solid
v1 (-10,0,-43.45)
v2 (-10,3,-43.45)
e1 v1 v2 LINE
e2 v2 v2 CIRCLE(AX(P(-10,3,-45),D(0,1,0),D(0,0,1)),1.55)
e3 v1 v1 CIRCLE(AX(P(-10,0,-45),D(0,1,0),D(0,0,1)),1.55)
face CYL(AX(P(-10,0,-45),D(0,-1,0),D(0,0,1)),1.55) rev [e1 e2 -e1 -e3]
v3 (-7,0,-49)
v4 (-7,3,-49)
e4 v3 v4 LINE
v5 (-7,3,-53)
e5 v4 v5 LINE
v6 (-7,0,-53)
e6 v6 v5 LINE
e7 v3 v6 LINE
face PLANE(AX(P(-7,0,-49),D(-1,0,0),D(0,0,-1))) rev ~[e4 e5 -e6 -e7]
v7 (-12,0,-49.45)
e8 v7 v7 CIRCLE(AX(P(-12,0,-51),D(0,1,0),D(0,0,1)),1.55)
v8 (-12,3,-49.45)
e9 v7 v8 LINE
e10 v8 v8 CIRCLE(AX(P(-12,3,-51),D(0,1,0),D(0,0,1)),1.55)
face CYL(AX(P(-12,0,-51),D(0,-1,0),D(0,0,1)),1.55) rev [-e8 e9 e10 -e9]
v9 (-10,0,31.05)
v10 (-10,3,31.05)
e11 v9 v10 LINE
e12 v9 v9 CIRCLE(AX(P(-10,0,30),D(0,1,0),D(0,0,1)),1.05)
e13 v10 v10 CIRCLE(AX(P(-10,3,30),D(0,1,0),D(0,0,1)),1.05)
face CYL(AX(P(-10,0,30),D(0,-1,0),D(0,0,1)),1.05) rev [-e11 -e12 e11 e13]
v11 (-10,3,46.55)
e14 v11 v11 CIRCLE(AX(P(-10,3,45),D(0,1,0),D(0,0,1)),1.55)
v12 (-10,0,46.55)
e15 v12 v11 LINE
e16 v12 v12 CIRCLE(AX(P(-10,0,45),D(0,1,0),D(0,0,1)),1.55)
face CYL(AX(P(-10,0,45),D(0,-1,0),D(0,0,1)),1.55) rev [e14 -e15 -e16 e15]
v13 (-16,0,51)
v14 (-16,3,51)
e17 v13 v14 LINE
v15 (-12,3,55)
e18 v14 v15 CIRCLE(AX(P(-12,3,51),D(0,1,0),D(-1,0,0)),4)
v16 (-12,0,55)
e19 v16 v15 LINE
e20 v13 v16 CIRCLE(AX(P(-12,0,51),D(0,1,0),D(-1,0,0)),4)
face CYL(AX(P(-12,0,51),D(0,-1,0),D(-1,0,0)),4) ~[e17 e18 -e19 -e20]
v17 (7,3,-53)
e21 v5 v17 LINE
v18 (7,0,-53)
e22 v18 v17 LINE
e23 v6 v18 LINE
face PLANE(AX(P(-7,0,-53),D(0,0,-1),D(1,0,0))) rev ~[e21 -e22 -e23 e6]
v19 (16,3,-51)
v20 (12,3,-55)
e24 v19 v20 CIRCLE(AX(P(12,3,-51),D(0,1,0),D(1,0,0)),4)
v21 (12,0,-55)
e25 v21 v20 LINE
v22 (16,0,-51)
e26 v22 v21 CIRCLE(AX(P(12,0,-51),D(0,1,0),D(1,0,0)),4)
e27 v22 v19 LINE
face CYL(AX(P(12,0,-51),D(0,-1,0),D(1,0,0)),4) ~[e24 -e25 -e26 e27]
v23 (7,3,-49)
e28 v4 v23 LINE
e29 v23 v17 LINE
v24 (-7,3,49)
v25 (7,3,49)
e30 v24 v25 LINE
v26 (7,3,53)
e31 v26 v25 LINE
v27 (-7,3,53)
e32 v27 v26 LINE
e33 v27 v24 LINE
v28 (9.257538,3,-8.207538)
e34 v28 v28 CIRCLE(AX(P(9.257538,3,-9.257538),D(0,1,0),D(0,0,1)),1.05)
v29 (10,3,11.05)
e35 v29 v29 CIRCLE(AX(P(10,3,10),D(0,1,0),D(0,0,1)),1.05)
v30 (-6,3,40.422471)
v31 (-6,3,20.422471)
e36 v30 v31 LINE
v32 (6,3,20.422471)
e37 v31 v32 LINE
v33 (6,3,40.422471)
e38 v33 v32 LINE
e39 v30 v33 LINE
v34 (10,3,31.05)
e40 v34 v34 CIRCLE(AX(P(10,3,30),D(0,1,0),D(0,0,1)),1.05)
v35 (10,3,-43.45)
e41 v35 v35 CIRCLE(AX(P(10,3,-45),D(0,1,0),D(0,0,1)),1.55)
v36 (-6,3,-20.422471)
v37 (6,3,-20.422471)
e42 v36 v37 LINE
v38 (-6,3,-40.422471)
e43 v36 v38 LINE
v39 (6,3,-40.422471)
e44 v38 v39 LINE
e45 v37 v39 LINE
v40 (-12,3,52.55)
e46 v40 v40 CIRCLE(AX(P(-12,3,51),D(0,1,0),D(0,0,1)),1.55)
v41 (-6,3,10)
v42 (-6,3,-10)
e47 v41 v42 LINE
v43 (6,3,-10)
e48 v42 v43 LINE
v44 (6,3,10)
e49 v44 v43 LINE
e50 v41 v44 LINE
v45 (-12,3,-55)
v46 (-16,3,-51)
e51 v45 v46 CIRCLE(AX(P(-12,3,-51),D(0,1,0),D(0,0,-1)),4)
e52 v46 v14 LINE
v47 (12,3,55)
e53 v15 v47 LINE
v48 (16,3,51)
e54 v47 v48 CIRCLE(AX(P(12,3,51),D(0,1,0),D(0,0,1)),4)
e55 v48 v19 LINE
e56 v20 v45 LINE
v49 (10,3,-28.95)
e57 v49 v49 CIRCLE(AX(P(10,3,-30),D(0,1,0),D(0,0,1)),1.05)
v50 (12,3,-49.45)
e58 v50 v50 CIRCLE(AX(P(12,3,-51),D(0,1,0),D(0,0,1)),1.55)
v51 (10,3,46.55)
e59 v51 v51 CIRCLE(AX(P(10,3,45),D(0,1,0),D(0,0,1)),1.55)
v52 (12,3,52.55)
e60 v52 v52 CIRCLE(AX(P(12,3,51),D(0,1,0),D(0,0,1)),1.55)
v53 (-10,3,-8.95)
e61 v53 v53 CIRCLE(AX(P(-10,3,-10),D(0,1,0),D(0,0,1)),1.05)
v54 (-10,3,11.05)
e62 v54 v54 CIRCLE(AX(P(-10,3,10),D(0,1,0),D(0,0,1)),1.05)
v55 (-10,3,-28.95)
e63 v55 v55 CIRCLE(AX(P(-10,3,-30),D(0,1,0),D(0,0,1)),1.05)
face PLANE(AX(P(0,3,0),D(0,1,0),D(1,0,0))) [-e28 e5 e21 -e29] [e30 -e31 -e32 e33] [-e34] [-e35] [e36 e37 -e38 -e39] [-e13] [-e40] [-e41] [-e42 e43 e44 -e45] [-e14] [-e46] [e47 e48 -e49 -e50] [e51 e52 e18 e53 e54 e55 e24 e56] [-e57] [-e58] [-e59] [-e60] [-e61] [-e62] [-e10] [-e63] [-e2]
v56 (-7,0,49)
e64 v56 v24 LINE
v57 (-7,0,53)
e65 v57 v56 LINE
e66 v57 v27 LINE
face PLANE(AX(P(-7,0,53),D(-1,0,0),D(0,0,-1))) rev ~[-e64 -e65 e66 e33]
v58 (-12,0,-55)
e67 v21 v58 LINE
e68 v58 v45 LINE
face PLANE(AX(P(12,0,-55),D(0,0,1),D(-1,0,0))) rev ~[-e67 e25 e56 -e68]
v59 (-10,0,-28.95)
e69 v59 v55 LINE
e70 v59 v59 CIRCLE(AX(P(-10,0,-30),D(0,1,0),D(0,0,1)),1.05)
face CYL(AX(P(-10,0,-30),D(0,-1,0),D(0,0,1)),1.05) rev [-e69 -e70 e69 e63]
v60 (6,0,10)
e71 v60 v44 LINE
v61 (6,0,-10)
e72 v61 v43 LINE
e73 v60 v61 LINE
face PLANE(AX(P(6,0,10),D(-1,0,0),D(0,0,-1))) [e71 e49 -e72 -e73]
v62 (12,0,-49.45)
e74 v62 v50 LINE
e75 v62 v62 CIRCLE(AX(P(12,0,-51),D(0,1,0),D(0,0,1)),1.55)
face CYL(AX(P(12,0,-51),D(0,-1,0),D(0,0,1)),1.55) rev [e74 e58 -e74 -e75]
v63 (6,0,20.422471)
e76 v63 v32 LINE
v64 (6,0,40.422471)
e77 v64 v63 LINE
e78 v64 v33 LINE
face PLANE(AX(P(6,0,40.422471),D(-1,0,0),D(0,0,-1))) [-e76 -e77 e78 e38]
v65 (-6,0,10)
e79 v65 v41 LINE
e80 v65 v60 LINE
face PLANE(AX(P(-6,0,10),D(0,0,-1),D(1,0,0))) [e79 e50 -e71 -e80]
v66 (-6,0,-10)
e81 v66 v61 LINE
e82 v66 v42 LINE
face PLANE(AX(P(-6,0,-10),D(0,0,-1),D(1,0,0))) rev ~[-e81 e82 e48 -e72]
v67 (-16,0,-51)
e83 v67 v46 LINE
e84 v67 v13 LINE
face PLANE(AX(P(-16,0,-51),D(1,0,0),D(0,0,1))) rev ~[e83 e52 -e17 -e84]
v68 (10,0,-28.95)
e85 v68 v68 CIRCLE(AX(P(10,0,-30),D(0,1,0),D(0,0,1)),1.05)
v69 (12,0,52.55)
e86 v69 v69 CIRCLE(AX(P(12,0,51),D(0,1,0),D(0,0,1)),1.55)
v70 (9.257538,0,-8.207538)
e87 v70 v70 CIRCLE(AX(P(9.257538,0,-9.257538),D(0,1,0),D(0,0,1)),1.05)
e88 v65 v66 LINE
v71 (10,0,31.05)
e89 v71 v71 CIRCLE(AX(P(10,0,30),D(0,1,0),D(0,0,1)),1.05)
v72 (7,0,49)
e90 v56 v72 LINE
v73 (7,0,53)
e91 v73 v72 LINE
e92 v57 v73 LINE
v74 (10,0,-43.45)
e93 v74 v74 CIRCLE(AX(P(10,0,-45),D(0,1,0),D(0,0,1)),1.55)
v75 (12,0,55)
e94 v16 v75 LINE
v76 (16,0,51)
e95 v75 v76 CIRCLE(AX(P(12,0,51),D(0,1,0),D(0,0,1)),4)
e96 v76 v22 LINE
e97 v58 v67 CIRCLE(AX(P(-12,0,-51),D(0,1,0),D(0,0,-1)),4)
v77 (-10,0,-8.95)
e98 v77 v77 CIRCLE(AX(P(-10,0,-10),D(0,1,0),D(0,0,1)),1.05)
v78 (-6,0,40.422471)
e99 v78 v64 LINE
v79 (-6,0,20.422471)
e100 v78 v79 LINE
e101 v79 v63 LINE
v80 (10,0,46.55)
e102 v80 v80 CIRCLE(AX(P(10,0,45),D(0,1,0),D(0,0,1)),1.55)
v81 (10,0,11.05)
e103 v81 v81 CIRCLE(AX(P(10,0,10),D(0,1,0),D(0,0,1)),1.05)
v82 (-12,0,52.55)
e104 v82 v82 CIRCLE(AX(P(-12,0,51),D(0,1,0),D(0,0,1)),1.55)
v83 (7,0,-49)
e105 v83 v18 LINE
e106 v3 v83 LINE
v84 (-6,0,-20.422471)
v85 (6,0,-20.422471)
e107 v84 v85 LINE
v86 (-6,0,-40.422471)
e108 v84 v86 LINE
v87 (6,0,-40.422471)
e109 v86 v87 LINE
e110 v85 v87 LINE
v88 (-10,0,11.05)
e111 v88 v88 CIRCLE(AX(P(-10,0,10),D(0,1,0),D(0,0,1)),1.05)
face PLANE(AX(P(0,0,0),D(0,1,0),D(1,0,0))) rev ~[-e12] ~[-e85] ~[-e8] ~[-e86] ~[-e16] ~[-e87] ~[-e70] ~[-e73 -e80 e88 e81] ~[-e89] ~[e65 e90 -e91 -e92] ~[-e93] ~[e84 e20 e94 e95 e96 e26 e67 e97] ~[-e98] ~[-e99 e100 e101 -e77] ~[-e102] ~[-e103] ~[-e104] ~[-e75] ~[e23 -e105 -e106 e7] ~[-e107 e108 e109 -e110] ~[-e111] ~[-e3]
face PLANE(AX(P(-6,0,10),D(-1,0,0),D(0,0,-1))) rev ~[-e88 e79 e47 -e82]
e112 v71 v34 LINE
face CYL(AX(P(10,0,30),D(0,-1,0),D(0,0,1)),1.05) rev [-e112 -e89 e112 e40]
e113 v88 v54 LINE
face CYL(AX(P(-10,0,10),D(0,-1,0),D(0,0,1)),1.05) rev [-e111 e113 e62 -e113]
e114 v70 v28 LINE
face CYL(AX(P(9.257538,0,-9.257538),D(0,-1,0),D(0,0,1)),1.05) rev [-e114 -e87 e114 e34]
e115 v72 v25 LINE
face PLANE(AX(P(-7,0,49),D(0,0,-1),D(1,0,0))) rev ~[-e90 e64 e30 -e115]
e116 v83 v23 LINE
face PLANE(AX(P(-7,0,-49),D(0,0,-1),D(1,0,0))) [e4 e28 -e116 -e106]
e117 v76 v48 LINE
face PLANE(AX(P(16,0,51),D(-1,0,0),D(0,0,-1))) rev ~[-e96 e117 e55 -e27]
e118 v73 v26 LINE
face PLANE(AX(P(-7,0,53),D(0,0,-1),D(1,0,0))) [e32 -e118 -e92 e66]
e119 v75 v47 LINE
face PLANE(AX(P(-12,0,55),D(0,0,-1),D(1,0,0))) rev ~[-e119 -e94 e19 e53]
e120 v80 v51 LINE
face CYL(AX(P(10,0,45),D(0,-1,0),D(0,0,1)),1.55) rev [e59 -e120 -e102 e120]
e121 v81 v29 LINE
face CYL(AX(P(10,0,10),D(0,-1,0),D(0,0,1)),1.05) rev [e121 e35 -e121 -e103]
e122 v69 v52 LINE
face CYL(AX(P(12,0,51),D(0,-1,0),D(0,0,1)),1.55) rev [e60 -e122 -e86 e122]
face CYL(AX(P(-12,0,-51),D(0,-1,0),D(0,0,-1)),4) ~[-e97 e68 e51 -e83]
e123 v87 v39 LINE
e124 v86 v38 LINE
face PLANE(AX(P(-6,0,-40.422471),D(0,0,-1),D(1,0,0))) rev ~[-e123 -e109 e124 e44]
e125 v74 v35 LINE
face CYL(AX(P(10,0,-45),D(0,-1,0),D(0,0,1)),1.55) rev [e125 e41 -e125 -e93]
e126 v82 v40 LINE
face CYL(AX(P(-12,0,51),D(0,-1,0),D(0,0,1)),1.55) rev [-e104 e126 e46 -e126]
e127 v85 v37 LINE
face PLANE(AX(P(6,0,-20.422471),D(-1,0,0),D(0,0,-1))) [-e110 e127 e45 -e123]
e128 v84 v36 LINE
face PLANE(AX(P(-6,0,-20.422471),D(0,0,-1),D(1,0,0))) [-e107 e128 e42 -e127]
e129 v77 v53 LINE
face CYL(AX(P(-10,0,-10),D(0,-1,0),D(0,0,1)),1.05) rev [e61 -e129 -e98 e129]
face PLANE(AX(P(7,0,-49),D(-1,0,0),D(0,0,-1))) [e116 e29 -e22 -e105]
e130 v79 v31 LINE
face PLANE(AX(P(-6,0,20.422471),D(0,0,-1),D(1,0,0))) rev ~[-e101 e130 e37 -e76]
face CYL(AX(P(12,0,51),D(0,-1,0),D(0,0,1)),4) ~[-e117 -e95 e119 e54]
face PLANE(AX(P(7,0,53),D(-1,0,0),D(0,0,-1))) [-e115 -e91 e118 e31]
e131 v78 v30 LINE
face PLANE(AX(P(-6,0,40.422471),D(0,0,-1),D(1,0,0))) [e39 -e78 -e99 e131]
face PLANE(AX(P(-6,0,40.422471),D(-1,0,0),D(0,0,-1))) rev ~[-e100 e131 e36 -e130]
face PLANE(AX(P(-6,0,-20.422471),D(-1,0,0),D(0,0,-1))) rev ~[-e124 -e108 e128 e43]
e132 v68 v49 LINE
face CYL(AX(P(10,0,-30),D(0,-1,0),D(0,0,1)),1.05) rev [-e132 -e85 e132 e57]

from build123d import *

# Parameters (mm, degrees)
SKETCH_1_R      = 1.05
SKETCH_1_R_2    = 1.55
SKETCH_1_W      = 12
SKETCH_1_H      = 20
SKETCH_1_W_2    = 14
SKETCH_1_H_2    = 4
EXTRUDE_1_DEPTH = 3


with BuildPart() as part:
    # 草图1 → 凸台-拉伸1 (new body)
    with BuildSketch(Plane(origin=(0, 0, 0), x_dir=(1, 0, 0), z_dir=(0, 1, 0))):
        with BuildLine():
            Line((-16, -37.476129922), (-16, -51))
            ThreePointArc((-16, -51), (-14.828427125, -53.828427125), (-12, -55))
            Line((-12, -55), (12, -55))
            ThreePointArc((12, -55), (14.828427125, -53.828427125), (16, -51))
            Line((16, -51), (16, -37.476129922))
            Line((16, -37.476129922), (16, 25.467140075))
            Line((16, 25.467140075), (16, 51))
            ThreePointArc((16, 51), (14.828427125, 53.828427125), (12, 55))
            Line((12, 55), (-12, 55))
            ThreePointArc((-12, 55), (-14.828427125, 53.828427125), (-16, 51))
            Line((-16, 51), (-16, 31.142350414))
            Line((-16, 31.142350414), (-16, -37.476129922))
        make_face()
        with Locations(Location((-10, 30, 0), (0, 0, 270))):
            Circle(SKETCH_1_R, mode=Mode.SUBTRACT)
        with Locations(Location((10, 30, 0), (0, 0, 270))):
            Circle(SKETCH_1_R, mode=Mode.SUBTRACT)
        with Locations(Location((-10, 10, 0), (0, 0, 270))):
            Circle(SKETCH_1_R, mode=Mode.SUBTRACT)
        with Locations(Location((10, -10, 0), (0, 0, 270))):
            Circle(SKETCH_1_R, mode=Mode.SUBTRACT)
        with Locations(Location((-10, -30, 0), (0, 0, 270))):
            Circle(SKETCH_1_R, mode=Mode.SUBTRACT)
        with Locations(Location((10, -30, 0), (0, 0, 270))):
            Circle(SKETCH_1_R, mode=Mode.SUBTRACT)
        with Locations(Location((10, -45, 0), (0, 0, 270))):
            Circle(SKETCH_1_R_2, mode=Mode.SUBTRACT)
        with Locations(Location((-10, -45, 0), (0, 0, 270))):
            Circle(SKETCH_1_R_2, mode=Mode.SUBTRACT)
        with Locations(Location((10, 45, 0), (0, 0, 270))):
            Circle(SKETCH_1_R_2, mode=Mode.SUBTRACT)
        with Locations(Location((-10, 45, 0), (0, 0, 270))):
            Circle(SKETCH_1_R_2, mode=Mode.SUBTRACT)
        with Locations(Location((9.25753788, 9.25753788, 0), (0, 0, 270))):
            Circle(SKETCH_1_R, mode=Mode.SUBTRACT)
        with Locations(Location((-10, -10, 0), (0, 0, 270))):
            Circle(SKETCH_1_R, mode=Mode.SUBTRACT)
        with Locations(Location((-12, 51, 0), (0, 0, 270))):
            Circle(SKETCH_1_R_2, mode=Mode.SUBTRACT)
        with Locations(Location((12, 51, 0), (0, 0, 270))):
            Circle(SKETCH_1_R_2, mode=Mode.SUBTRACT)
        with Locations(Location((-12, -51, 0), (0, 0, 270))):
            Circle(SKETCH_1_R_2, mode=Mode.SUBTRACT)
        with Locations(Location((12, -51, 0), (0, 0, 270))):
            Circle(SKETCH_1_R_2, mode=Mode.SUBTRACT)
        with Locations((0, 30.422470983)):
            Rectangle(SKETCH_1_W, SKETCH_1_H, mode=Mode.SUBTRACT)
        with Locations((0, 51)):
            Rectangle(SKETCH_1_W_2, SKETCH_1_H_2, mode=Mode.SUBTRACT)
        with Locations((0, -30.422470983)):
            Rectangle(SKETCH_1_W, SKETCH_1_H, mode=Mode.SUBTRACT)
        with Locations((0, -51)):
            Rectangle(SKETCH_1_W_2, SKETCH_1_H_2, mode=Mode.SUBTRACT)
        Rectangle(SKETCH_1_W, SKETCH_1_H, mode=Mode.SUBTRACT)
    extrude(amount=EXTRUDE_1_DEPTH)


solid = part.part
